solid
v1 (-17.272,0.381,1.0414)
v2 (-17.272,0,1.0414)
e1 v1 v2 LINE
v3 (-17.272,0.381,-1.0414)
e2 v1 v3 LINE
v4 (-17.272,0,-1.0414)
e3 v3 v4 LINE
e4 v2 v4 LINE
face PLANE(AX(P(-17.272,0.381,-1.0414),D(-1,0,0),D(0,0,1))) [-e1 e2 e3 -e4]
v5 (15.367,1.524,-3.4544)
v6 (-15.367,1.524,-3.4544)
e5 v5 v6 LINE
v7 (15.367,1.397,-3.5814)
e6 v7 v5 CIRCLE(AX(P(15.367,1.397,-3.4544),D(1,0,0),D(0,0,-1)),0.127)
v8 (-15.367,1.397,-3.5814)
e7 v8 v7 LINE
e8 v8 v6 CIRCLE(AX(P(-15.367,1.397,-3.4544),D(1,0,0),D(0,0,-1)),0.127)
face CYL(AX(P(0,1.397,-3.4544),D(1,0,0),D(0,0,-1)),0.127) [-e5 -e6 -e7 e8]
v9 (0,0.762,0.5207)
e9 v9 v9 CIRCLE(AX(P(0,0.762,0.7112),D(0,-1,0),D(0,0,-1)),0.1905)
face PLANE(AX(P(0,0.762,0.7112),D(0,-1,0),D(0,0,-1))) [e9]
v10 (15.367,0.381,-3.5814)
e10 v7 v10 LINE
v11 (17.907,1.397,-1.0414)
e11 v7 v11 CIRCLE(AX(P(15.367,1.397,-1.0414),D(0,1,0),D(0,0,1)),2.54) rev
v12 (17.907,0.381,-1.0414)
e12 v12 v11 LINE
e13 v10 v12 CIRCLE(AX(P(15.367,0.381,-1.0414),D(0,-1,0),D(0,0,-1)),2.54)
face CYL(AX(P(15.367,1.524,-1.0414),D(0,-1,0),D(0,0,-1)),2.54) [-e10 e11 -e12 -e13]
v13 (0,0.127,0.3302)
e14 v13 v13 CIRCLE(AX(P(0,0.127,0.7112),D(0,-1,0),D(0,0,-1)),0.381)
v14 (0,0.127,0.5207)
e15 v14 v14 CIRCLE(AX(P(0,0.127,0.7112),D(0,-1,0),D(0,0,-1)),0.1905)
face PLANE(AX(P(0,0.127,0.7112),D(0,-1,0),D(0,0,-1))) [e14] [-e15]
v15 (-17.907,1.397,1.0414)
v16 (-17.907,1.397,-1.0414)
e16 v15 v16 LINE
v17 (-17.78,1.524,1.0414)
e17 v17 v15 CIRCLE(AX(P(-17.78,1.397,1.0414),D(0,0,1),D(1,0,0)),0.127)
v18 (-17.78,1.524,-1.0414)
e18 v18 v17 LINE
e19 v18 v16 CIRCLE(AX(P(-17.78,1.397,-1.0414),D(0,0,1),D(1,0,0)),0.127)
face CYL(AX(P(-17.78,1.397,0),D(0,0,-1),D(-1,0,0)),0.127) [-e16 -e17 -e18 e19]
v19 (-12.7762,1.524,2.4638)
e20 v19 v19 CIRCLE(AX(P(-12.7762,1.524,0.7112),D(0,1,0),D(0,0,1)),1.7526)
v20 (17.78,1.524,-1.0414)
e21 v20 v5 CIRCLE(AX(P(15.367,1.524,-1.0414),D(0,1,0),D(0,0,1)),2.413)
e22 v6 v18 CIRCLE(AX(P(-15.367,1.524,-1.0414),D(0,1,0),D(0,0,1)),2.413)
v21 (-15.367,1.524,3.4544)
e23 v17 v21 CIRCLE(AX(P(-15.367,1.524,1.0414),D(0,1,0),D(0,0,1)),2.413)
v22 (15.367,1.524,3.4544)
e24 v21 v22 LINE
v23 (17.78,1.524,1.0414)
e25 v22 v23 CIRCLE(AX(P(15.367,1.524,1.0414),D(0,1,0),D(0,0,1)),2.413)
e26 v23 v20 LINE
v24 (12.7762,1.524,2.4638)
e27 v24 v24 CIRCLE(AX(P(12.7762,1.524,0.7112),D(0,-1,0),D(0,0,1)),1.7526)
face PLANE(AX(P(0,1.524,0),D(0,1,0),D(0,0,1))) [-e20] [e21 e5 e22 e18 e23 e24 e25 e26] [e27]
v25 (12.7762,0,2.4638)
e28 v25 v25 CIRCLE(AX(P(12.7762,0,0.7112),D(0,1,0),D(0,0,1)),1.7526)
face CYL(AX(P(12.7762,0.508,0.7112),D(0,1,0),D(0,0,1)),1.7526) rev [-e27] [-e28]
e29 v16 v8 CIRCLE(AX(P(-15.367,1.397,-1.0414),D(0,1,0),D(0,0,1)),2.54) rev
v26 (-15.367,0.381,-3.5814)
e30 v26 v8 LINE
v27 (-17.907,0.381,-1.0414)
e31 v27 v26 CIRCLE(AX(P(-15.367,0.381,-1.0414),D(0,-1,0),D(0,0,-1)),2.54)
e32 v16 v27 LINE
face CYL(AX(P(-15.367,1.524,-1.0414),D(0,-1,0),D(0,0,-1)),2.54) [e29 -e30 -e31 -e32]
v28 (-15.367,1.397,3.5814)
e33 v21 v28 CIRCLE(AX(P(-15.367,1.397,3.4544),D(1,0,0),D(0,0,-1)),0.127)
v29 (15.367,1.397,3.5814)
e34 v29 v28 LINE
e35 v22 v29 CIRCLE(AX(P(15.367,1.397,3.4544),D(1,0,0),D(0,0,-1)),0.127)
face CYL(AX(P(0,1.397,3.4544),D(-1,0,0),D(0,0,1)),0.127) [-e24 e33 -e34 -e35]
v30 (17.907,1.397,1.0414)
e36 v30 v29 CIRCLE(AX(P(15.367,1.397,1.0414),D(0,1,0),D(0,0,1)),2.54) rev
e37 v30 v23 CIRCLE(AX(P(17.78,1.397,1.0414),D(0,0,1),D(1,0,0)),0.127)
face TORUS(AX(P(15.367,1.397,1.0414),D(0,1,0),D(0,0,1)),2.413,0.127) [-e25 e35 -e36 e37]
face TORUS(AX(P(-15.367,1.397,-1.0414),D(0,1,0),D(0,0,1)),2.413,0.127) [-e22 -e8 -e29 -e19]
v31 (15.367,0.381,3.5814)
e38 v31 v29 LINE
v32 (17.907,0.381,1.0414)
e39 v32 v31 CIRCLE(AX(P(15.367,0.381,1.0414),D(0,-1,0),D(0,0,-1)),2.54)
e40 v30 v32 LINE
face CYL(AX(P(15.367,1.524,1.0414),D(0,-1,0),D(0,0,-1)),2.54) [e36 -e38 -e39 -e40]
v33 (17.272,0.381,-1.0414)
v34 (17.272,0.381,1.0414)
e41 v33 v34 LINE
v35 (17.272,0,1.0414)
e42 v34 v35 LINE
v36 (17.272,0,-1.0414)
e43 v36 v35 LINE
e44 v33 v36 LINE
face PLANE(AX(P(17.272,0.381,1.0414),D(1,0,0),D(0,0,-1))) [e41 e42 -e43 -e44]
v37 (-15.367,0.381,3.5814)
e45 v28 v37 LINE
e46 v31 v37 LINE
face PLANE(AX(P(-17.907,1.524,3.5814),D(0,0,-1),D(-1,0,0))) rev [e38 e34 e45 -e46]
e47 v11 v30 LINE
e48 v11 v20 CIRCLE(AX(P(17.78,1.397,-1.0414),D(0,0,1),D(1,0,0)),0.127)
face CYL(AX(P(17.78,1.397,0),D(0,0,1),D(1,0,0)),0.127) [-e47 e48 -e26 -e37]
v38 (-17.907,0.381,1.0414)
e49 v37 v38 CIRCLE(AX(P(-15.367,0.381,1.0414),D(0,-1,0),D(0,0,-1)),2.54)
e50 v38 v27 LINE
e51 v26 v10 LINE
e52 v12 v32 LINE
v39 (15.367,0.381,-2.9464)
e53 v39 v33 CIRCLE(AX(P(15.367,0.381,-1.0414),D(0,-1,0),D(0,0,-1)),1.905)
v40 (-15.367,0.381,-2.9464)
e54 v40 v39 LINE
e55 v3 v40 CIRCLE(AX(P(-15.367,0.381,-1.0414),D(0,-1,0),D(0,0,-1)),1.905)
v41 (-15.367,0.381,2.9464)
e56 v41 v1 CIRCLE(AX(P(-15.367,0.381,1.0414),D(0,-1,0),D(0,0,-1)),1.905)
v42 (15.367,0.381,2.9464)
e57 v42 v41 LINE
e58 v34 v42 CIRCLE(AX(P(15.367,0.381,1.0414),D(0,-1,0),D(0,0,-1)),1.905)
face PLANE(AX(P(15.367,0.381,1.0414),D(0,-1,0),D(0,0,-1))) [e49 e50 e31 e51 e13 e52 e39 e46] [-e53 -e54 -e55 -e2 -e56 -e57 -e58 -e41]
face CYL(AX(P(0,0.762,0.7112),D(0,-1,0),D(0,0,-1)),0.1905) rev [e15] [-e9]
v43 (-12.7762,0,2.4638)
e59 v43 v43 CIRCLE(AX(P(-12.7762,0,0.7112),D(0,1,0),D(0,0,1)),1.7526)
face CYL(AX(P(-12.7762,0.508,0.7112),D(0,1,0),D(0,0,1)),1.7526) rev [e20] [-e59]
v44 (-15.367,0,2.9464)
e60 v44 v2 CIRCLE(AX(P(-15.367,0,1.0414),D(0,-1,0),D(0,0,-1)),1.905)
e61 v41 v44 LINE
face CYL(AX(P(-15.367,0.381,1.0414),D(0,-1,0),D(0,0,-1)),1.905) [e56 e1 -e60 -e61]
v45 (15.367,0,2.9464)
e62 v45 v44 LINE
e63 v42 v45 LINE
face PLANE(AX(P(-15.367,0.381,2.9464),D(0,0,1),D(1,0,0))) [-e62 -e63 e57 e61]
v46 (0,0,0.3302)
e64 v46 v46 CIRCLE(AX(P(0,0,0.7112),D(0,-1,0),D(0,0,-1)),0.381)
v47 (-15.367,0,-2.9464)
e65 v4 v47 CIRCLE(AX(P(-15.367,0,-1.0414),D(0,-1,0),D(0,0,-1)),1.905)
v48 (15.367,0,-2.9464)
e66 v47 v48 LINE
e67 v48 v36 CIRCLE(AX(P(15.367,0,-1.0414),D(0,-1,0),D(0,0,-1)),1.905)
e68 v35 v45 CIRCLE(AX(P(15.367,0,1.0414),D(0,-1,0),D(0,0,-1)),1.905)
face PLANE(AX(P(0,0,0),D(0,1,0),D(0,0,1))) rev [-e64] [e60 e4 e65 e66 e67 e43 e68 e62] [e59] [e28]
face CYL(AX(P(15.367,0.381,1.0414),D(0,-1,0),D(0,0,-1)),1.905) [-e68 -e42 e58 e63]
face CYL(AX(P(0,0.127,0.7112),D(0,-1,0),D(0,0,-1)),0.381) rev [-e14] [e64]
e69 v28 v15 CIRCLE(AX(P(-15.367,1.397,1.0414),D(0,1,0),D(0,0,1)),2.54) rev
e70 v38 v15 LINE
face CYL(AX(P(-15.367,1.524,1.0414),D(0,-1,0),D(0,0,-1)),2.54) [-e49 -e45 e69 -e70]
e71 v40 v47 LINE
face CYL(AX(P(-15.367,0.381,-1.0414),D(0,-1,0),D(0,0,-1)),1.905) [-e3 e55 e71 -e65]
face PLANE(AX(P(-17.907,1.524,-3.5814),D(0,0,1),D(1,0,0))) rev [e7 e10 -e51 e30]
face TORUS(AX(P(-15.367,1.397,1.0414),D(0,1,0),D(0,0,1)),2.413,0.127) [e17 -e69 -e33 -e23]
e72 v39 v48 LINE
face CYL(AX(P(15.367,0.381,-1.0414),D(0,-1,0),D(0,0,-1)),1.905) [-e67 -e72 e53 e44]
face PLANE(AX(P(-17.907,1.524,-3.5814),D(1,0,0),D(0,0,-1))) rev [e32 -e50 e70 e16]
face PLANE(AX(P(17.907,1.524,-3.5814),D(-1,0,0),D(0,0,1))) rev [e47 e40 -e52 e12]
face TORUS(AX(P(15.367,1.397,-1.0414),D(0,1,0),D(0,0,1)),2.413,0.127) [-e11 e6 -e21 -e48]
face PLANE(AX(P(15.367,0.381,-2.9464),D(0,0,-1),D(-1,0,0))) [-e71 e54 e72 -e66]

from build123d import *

# Parameters (mm, degrees)
SKETCH1_W           = 35.814
SKETCH1_H           = 7.1628
BOSS_EXTRUDE1_DEPTH = 1.524
FILLET1_R           = 2.54
FILLET2_R           = 0.127
BOSS_EXTRUDE2_DEPTH = 0.381
SKETCH5_R           = 1.2827
CUT_EXTRUDE2_DEPTH  = 2.54
SKETCH9_R           = 1.7526
CUT_EXTRUDE5_DEPTH  = 1.016
CUT_EXTRUDE6_START  = -0.381
CUT_EXTRUDE6_DEPTH  = 0.381
SKETCH17_R          = 1.7526
CUT_EXTRUDE11_DEPTH = 19.289869627
SKETCH18_R          = 1.7526
CUT_EXTRUDE12_DEPTH = 19.325109849
SKETCH19_R          = 0.381
CUT_EXTRUDE13_DEPTH = 0.127
SKETCH20_R          = 0.1905
CUT_EXTRUDE14_DEPTH = 0.762


with BuildPart() as part:
    # Sketch1 → Boss-Extrude1 (new body)
    with BuildSketch(Plane(origin=(0, 0, 0), x_dir=(1, 0, 0), z_dir=(0, 1, 0))):
        Rectangle(SKETCH1_W, SKETCH1_H)
    extrude(amount=BOSS_EXTRUDE1_DEPTH)

    # Fillet1
    fillet1_edges = [part.edges().sort_by_distance(p)[0] for p in [
        (-17.907, 0.762, -3.5814),
        (17.907, 0.762, -3.5814),
        (17.907, 0.762, 3.5814),
        (-17.907, 0.762, 3.5814),
    ]]
    fillet(fillet1_edges, radius=FILLET1_R)

    # Fillet2
    fillet2_edges = [part.edges().sort_by_distance(p)[0] for p in [
        (-17.907, 1.524, 0),
        (0, 1.524, -3.5814),
        (0, 1.524, 3.5814),
        (17.907, 1.524, 0),
        (17.163051224, 1.524, 2.837451224),
        (17.163051224, 1.524, -2.837451224),
        (-17.163051224, 1.524, 2.837451224),
        (-17.163051224, 1.524, -2.837451224),
    ]]
    fillet(fillet2_edges, radius=FILLET2_R)

    # Sketch4 → Boss-Extrude2 (add)
    with BuildSketch(Plane.XZ.offset(-0.381)):
        with BuildLine():
            Line((-15.367, 2.9464), (-15.367, 3.2004))
            ThreePointArc((-15.367, 3.2004), (-16.893643541, 2.568043541), (-17.526, 1.0414))
            Line((-17.526, 1.0414), (-17.526, -1.0414))
            ThreePointArc((-17.526, -1.0414), (-16.893643541, -2.568043541), (-15.367, -3.2004))
            Line((-15.367, -3.2004), (-15.367, -2.9464))
            ThreePointArc((-15.367, -2.9464), (-16.714038418, -2.388438418), (-17.272, -1.0414))
            Line((-17.272, -1.0414), (-17.272, 1.0414))
            ThreePointArc((-17.272, 1.0414), (-16.714038418, 2.388438418), (-15.367, 2.9464))
        make_face()
    boss_extrude2 = extrude(amount=BOSS_EXTRUDE2_DEPTH)

    # Mirror3: Boss-Extrude2 across plane
    add(boss_extrude2.mirror(Plane(origin=(0, 0, 0), x_dir=(0, 0, 1), z_dir=(1, 0, 0))))

    # Sketch5 → Cut-Extrude2 (cut)
    with BuildSketch(Plane(origin=(0, 1.524, 0), x_dir=(1, 0, 0), z_dir=(0, 1, 0))):
        with Locations(Location((-12.7762, -0.7112, 0), (0, 0, 270))):
            Circle(SKETCH5_R)
    cut_extrude2 = extrude(amount=-CUT_EXTRUDE2_DEPTH, mode=Mode.SUBTRACT)

    # Sketch9 → Cut-Extrude5 (cut)
    with BuildSketch(Plane(origin=(0, 1.524, 0), x_dir=(1, 0, 0), z_dir=(0, 1, 0))):
        with Locations(Location((-12.7762, -0.7112, 0), (0, 0, 270))):
            Circle(SKETCH9_R)
    cut_extrude5 = extrude(amount=-CUT_EXTRUDE5_DEPTH, mode=Mode.SUBTRACT)

    # Mirror4: Cut-Extrude2, Cut-Extrude5 across plane
    add(cut_extrude2.mirror(Plane(origin=(0, 0, 0), x_dir=(0, 0, 1), z_dir=(1, 0, 0))), mode=Mode.SUBTRACT)
    add(cut_extrude5.mirror(Plane(origin=(0, 0, 0), x_dir=(0, 0, 1), z_dir=(1, 0, 0))), mode=Mode.SUBTRACT)

    # Sketch10 → Cut-Extrude6 (cut)
    with BuildSketch(Plane.XZ.offset(CUT_EXTRUDE6_START)):
        with BuildLine():
            Line((17.907, 1.0414), (17.907, -1.0414))
            ThreePointArc((17.907, -1.0414), (17.163051224, -2.837451224), (15.367, -3.5814))
            Line((15.367, -3.5814), (-15.367, -3.5814))
            ThreePointArc((-15.367, -3.5814), (-17.163051224, -2.837451224), (-17.907, -1.0414))
            Line((-17.907, -1.0414), (-17.907, 1.0414))
            ThreePointArc((-17.907, 1.0414), (-17.163051224, 2.837451224), (-15.367, 3.5814))
            Line((-15.367, 3.5814), (15.367, 3.5814))
            ThreePointArc((15.367, 3.5814), (17.163051224, 2.837451224), (17.907, 1.0414))
        make_face()
        with BuildLine():
            Line((-15.367, 2.9464), (15.367, 2.9464))
            ThreePointArc((15.367, 2.9464), (16.714038418, 2.388438418), (17.272, 1.0414))
            Line((17.272, 1.0414), (17.272, -1.0414))
            ThreePointArc((17.272, -1.0414), (16.714038418, -2.388438418), (15.367, -2.9464))
            Line((15.367, -2.9464), (-15.367, -2.9464))
            ThreePointArc((-15.367, -2.9464), (-16.714038418, -2.388438418), (-17.272, -1.0414))
            Line((-17.272, -1.0414), (-17.272, 1.0414))
            ThreePointArc((-17.272, 1.0414), (-16.714038418, 2.388438418), (-15.367, 2.9464))
        make_face(mode=Mode.SUBTRACT)
    extrude(amount=CUT_EXTRUDE6_DEPTH, mode=Mode.SUBTRACT)

    # Sketch17 → Cut-Extrude11 (cut, through all)
    with BuildSketch(Plane(origin=(0, 0.508, 0), x_dir=(1, 0, 0), z_dir=(0, 1, 0))):
        with Locations(Location((-12.7762, -0.7112, 0), (0, 0, 270))):
            Circle(SKETCH17_R)
    extrude(amount=-CUT_EXTRUDE11_DEPTH, mode=Mode.SUBTRACT)

    # Sketch18 → Cut-Extrude12 (cut, through all)
    with BuildSketch(Plane(origin=(0, 1.524, 0), x_dir=(1, 0, 0), z_dir=(0, 1, 0))):
        with Locations(Location((12.7762, -0.7112, 0), (0, 0, 270))):
            Circle(SKETCH18_R)
    extrude(amount=-CUT_EXTRUDE12_DEPTH, mode=Mode.SUBTRACT)

    # Sketch19 → Cut-Extrude13 (cut)
    with BuildSketch(Plane.XZ):
        with Locations(Location((0, 0.7112, 0), (0, 0, 270))):
            Circle(SKETCH19_R)
    extrude(amount=-CUT_EXTRUDE13_DEPTH, mode=Mode.SUBTRACT)

    # Sketch20 → Cut-Extrude14 (cut)
    with BuildSketch(Plane.XZ):
        with Locations(Location((0, 0.7112, 0), (0, 0, 270))):
            Circle(SKETCH20_R)
    extrude(amount=-CUT_EXTRUDE14_DEPTH, mode=Mode.SUBTRACT)


solid = part.part
